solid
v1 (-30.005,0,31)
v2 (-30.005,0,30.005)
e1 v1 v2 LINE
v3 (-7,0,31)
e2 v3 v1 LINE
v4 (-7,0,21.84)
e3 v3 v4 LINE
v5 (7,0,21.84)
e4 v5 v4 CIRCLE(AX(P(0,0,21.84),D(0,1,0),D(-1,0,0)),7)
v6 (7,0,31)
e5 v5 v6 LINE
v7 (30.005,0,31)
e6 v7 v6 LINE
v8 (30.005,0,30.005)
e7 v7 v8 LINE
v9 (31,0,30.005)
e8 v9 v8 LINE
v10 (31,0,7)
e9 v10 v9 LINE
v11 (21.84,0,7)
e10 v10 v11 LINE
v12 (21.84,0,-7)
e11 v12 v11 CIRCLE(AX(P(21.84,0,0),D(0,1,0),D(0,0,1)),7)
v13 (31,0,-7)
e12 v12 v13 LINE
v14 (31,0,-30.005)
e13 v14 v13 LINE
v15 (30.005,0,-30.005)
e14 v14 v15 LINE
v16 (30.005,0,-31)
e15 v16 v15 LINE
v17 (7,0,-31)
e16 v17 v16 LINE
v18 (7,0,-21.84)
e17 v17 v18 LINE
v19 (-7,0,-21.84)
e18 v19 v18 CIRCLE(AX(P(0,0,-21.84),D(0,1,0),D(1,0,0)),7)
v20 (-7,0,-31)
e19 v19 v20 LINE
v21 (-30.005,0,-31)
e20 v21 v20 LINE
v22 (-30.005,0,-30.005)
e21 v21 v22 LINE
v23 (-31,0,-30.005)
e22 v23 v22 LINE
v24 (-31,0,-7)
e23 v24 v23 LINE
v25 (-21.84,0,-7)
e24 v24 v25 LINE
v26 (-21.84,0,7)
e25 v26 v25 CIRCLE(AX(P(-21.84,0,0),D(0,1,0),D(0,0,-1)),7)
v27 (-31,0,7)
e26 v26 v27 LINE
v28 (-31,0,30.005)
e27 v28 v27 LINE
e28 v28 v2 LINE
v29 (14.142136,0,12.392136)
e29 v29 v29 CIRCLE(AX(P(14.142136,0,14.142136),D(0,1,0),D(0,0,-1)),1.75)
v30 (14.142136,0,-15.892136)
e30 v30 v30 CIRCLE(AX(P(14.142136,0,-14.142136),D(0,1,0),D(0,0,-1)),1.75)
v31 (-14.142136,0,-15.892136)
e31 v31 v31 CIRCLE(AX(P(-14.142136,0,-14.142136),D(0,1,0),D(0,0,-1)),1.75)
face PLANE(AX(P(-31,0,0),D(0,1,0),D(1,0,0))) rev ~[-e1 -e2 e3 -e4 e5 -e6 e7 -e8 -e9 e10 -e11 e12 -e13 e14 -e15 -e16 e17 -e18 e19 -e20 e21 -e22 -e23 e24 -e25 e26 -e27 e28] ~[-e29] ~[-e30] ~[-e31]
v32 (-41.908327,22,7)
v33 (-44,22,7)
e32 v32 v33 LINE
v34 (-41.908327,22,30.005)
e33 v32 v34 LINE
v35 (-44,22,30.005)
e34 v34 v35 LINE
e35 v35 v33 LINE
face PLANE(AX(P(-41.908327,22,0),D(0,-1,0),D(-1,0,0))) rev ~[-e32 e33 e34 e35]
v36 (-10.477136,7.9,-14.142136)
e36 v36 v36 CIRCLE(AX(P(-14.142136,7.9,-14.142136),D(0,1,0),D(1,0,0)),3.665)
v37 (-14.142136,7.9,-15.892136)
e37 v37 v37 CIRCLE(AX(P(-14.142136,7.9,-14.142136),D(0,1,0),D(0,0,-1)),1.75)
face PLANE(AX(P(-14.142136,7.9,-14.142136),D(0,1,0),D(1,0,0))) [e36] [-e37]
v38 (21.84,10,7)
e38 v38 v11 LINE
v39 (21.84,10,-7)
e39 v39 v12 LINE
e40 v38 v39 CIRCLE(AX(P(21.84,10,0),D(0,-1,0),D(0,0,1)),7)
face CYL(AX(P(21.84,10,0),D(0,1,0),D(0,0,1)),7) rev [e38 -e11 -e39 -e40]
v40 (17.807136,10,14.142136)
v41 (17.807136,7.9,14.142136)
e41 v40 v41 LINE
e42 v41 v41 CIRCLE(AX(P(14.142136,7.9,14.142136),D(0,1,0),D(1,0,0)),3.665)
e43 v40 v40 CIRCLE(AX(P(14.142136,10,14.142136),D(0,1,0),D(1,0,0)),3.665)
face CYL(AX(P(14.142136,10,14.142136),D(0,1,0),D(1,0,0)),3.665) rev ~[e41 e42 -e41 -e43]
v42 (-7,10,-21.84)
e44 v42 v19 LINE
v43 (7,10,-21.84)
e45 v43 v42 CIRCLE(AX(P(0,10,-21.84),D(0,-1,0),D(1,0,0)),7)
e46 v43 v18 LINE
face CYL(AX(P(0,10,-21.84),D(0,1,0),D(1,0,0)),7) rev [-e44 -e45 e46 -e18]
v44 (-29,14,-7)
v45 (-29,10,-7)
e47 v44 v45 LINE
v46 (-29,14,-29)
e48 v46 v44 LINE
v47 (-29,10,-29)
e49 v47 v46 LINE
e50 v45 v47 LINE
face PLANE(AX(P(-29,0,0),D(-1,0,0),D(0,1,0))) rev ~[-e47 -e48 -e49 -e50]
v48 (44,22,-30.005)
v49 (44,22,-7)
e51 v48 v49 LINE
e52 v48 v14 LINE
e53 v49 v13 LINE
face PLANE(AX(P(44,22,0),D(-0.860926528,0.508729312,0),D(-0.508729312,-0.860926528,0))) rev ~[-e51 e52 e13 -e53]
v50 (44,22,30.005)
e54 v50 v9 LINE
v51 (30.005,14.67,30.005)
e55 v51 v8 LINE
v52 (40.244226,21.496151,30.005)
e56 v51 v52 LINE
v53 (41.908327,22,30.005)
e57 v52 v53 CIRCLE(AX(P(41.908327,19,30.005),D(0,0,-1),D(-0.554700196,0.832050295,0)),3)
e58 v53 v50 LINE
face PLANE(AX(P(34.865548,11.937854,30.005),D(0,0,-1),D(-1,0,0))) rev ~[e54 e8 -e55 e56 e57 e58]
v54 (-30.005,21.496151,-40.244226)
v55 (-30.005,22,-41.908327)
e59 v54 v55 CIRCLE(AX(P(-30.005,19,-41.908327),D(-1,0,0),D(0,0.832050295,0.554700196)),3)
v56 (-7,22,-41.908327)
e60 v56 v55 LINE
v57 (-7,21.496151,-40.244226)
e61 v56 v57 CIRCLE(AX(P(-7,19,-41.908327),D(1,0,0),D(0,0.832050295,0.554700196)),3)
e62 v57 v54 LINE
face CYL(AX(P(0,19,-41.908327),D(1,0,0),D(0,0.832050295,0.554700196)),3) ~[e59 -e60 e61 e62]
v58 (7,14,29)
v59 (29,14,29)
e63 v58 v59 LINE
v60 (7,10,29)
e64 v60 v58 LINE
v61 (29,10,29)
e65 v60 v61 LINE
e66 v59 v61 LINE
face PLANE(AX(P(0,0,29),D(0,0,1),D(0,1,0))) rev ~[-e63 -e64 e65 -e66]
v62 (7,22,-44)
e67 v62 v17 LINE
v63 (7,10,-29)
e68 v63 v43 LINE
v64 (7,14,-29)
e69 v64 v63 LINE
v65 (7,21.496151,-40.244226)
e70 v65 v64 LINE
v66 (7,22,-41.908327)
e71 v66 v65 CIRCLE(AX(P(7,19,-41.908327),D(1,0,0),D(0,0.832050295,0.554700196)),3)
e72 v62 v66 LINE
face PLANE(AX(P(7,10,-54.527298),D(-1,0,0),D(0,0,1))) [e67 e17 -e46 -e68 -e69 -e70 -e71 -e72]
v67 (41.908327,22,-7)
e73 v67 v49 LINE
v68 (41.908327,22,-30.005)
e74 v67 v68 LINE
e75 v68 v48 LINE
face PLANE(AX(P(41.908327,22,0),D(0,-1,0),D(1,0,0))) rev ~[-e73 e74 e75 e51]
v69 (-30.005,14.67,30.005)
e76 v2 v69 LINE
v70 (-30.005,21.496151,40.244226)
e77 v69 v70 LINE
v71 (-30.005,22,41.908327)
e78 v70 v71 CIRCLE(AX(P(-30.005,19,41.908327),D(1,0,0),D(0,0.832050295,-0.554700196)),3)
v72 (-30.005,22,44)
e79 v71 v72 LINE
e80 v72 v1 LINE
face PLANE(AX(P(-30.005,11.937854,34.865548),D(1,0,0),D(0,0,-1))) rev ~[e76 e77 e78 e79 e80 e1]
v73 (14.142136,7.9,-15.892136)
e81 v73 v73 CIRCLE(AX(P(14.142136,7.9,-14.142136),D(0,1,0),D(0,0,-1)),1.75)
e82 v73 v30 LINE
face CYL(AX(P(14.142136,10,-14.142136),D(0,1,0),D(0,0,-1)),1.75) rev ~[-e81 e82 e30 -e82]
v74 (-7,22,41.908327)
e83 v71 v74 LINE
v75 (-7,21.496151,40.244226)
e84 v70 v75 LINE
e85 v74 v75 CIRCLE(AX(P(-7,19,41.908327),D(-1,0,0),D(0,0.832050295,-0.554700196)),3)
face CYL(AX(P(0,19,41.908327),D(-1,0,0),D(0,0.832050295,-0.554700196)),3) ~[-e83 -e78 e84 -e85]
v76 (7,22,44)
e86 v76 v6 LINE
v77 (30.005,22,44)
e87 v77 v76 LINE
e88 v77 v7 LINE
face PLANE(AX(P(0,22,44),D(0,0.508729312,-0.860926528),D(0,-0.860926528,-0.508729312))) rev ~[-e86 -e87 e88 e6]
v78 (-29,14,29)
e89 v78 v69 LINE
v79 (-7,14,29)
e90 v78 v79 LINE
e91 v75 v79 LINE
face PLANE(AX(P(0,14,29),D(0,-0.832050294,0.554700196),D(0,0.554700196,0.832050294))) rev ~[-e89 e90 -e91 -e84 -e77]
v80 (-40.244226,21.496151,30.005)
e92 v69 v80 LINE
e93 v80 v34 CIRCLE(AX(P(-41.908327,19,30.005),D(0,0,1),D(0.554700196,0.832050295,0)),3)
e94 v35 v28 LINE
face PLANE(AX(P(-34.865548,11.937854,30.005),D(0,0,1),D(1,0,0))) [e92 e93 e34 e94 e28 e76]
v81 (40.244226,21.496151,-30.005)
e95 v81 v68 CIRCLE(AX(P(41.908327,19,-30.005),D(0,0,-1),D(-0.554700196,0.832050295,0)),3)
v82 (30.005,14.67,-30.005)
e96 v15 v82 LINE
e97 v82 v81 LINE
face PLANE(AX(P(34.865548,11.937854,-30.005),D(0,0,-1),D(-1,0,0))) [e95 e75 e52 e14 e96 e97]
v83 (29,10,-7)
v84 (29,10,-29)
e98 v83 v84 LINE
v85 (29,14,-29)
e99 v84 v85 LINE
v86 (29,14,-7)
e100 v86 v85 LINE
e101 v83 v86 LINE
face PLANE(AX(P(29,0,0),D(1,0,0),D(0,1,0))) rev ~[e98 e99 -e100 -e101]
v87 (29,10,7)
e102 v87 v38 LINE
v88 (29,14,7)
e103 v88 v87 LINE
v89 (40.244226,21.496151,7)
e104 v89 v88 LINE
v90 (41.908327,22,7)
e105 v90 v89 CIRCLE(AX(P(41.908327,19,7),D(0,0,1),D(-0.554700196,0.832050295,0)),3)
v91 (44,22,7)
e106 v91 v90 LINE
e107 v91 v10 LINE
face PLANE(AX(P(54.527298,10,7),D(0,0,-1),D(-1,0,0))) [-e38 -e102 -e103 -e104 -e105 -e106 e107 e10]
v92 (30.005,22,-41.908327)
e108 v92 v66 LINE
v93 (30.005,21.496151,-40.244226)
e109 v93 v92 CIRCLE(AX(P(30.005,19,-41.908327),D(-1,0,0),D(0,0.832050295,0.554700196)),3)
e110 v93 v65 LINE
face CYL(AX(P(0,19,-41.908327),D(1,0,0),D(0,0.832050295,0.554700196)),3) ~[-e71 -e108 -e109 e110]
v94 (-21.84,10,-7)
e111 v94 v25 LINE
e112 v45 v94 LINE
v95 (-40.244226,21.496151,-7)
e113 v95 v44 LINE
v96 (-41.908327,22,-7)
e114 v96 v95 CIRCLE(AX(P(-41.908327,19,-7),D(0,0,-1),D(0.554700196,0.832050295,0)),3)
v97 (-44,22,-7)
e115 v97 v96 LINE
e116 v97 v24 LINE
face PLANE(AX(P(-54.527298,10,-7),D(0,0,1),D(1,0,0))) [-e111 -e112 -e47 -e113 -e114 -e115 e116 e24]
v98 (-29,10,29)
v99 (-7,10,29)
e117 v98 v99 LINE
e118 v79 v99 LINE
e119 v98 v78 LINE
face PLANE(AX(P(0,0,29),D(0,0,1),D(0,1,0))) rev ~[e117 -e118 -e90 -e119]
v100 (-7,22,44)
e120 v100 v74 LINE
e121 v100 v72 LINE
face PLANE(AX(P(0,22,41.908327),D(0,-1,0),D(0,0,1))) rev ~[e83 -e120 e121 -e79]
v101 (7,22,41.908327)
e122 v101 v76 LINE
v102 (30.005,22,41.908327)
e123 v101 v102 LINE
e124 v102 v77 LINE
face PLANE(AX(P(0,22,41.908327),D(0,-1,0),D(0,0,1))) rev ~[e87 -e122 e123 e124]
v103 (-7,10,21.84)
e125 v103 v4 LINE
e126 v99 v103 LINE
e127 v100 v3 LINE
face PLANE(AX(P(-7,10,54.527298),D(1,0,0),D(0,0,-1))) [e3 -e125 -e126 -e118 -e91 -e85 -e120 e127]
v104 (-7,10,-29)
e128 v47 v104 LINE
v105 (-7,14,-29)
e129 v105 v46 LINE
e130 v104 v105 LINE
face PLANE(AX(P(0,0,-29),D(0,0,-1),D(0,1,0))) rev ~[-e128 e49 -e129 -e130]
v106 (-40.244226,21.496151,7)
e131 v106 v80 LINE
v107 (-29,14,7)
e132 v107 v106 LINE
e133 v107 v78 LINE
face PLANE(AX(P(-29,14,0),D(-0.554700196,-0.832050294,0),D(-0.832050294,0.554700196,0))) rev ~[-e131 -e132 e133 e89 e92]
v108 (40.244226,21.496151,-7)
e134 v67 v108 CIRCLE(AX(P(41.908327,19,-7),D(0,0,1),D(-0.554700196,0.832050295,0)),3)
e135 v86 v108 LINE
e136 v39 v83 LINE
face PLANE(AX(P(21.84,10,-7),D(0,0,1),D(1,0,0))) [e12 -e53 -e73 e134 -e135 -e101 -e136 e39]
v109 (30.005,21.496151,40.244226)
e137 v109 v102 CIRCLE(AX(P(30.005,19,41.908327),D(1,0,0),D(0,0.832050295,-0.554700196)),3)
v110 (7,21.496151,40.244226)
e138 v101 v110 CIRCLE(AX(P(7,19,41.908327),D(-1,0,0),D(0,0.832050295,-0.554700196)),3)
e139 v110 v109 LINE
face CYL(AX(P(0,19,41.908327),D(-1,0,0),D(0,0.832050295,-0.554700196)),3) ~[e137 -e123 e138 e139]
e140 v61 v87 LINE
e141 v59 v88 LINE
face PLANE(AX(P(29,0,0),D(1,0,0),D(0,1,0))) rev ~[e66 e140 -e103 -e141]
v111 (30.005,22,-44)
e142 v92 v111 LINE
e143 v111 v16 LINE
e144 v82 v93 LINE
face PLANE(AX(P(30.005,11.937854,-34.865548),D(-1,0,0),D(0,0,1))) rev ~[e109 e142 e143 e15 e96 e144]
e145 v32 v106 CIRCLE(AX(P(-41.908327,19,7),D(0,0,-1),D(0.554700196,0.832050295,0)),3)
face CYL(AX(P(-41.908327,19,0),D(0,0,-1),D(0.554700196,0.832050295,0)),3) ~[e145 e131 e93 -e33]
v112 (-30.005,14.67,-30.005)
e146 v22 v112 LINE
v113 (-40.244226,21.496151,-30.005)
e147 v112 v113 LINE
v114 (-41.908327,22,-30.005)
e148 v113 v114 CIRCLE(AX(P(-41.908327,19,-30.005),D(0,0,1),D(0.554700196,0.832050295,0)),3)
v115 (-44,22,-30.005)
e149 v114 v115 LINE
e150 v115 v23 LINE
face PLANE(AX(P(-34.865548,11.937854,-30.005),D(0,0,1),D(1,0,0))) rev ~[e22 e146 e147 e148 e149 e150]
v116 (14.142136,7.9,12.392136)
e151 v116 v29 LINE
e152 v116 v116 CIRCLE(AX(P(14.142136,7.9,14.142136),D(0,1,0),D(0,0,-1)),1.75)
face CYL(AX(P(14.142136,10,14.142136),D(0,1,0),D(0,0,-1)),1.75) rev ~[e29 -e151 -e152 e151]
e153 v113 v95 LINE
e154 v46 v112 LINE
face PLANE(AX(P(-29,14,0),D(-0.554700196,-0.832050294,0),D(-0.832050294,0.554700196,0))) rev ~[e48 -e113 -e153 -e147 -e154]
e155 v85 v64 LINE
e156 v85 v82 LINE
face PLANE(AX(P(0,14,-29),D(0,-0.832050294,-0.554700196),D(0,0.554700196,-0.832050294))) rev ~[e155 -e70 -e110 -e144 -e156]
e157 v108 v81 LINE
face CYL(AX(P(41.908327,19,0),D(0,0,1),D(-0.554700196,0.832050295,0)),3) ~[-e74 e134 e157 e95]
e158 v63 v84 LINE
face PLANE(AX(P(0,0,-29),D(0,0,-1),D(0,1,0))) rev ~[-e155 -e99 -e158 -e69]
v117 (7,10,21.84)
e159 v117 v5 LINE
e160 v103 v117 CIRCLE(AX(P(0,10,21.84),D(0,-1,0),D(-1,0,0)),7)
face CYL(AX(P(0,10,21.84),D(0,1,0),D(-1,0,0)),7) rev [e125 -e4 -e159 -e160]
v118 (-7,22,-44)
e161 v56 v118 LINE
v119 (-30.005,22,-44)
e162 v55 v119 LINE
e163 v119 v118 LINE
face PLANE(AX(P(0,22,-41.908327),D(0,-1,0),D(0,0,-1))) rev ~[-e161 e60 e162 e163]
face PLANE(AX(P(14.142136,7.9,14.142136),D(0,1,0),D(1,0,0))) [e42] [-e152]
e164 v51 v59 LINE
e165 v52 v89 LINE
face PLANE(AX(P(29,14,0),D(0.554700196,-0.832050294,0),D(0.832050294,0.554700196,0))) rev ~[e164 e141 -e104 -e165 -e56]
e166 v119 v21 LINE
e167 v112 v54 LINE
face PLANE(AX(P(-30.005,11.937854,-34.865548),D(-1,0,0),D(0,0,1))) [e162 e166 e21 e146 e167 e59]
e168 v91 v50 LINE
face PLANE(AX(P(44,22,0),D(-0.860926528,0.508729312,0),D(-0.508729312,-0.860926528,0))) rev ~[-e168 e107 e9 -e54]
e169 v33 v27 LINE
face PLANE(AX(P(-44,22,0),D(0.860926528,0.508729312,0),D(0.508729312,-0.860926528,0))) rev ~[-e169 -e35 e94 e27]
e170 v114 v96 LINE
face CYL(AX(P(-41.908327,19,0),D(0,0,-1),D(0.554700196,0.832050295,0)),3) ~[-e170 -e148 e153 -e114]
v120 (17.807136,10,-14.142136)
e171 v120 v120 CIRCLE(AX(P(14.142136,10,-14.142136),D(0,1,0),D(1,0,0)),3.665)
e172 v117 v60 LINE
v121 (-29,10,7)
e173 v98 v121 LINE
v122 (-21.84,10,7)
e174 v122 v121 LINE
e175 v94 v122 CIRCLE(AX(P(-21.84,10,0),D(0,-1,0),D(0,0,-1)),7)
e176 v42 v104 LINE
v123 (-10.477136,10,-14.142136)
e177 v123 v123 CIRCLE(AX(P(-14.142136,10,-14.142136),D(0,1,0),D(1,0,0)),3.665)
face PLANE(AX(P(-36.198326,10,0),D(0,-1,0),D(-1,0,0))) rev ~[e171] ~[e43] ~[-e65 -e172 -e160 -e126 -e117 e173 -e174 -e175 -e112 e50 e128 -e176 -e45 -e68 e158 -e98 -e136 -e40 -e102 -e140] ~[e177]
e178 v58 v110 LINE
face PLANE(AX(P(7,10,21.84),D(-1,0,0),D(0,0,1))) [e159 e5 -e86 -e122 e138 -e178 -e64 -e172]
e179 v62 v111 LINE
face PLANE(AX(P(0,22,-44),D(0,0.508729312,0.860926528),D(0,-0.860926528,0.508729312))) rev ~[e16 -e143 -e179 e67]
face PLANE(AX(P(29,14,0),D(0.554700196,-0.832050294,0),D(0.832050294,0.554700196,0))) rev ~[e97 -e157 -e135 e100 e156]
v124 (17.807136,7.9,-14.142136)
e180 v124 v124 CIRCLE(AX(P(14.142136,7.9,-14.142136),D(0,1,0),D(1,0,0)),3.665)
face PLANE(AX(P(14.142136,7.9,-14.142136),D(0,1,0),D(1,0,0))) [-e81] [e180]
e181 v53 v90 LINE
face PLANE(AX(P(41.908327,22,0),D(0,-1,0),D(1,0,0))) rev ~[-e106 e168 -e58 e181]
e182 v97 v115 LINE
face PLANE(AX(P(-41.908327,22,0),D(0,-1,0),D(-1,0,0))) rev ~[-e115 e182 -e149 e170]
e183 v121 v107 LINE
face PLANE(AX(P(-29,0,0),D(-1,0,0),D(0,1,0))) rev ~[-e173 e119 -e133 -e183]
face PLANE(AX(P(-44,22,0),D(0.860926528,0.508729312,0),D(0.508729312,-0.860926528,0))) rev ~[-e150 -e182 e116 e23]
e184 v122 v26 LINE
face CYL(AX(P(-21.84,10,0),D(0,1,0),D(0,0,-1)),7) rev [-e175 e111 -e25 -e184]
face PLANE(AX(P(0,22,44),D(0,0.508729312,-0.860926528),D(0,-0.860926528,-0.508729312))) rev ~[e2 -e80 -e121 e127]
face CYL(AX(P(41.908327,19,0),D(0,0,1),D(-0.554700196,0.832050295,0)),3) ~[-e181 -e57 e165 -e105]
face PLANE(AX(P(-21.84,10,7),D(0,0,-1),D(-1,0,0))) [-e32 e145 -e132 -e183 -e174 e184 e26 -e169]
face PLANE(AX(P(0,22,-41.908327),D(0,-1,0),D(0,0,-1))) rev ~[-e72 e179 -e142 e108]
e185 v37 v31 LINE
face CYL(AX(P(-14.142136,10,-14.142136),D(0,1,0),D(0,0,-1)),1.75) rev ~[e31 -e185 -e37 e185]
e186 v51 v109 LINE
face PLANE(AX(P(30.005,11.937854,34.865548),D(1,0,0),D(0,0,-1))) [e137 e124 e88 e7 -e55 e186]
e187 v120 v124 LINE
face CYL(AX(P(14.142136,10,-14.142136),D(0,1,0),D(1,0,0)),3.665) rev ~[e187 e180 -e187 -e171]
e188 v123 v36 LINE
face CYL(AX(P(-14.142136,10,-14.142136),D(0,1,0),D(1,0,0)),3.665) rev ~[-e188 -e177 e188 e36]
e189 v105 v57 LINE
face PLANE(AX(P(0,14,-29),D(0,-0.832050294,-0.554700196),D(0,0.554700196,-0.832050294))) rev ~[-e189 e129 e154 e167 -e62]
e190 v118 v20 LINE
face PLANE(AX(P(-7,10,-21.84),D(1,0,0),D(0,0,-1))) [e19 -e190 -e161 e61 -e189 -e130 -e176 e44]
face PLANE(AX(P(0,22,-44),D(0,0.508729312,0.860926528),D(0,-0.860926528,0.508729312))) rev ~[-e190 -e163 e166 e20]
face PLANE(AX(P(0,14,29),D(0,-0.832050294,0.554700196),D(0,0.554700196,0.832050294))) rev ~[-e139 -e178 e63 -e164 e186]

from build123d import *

# Parameters (mm, degrees)
SKETCH1_W               = 58
SKETCH1_H               = 58
BOSS_EXTRUDE1_DEPTH     = 10
BOSS_EXTRUDE3_DEPTH     = 30.005
CIRPATTERN7_COUNT       = 4
CUT_EXTRUDE1_DEPTH      = 13
CUT_EXTRUDE1_DEPTH_BACK = 11
SKETCH8_R               = 1.75
CUT_EXTRUDE2_DEPTH      = 20
SKETCH9_R               = 3.665
CUT_EXTRUDE3_DEPTH      = 2.1


with BuildPart() as part:
    # Sketch1 → Boss-Extrude1 (new body)
    with BuildSketch(Plane(origin=(0, 0, 0), x_dir=(1, 0, 0), z_dir=(0, 1, 0))):
        Rectangle(SKETCH1_W, SKETCH1_H)
    extrude(amount=BOSS_EXTRUDE1_DEPTH)

    # Sketch2 → Boss-Extrude3 (add, symmetric)
    with BuildSketch(Plane.XY):
        with BuildLine():
            Line((29, 0), (29, 14))
            Line((29, 14), (40.244226325, 21.496150883))
            ThreePointArc((40.244226325, 21.496150883), (41.038974467, 21.871276079), (41.908326913, 22))
            Line((41.908326913, 22), (44, 22))
            Line((44, 22), (31, 0))
            Line((31, 0), (29, 0))
        make_face()
    boss_extrude3 = extrude(amount=BOSS_EXTRUDE3_DEPTH, both=True)

    # CirPattern7: Boss-Extrude3 ×4 about axis
    cirpattern7_axis = Axis((0, 0, 0), (0, 1, 0))
    for i in range(1, CIRPATTERN7_COUNT):
        add(boss_extrude3.rotate(cirpattern7_axis, i * 360 / CIRPATTERN7_COUNT))

    # Sketch7 → Cut-Extrude1 (cut, two sides)
    with BuildSketch(Plane(origin=(0, 10, 0), x_dir=(1, 0, 0), z_dir=(0, 1, 0))) as cut_extrude1_sk:
        with BuildLine():
            Line((21.84, 7), (54.527297937, 7))
            Line((54.527297937, 7), (54.527297937, -7))
            Line((54.527297937, -7), (21.84, -7))
            ThreePointArc((21.84, -7), (14.84, 0), (21.84, 7))
        make_face()
        with BuildLine():
            Line((7, -21.84), (7, -54.527297937))
            Line((7, -54.527297937), (-7, -54.527297937))
            Line((-7, -54.527297937), (-7, -21.84))
            ThreePointArc((-7, -21.84), (0, -14.84), (7, -21.84))
        make_face()
        with BuildLine():
            Line((-21.84, -7), (-54.527297937, -7))
            Line((-54.527297937, -7), (-54.527297937, 7))
            Line((-54.527297937, 7), (-21.84, 7))
            ThreePointArc((-21.84, 7), (-14.84, 0), (-21.84, -7))
        make_face()
        with BuildLine():
            Line((-7, 21.84), (-7, 54.527297937))
            Line((-7, 54.527297937), (7, 54.527297937))
            Line((7, 54.527297937), (7, 21.84))
            ThreePointArc((7, 21.84), (0, 14.84), (-7, 21.84))
        make_face()
    extrude(amount=CUT_EXTRUDE1_DEPTH, mode=Mode.SUBTRACT)
    extrude(cut_extrude1_sk.sketch, amount=-CUT_EXTRUDE1_DEPTH_BACK, mode=Mode.SUBTRACT)

    # Sketch8 → Cut-Extrude2 (cut)
    with BuildSketch(Plane(origin=(-225.294025085, 10, 60.777514946), x_dir=(0, 0, -1), z_dir=(0, 1, 0))):
        with Locations((74.91965057, -211.151889461)):
            Circle(SKETCH8_R)
        with Locations((74.91965057, -239.436160708)):
            Circle(SKETCH8_R)
        with Locations((46.635379323, -239.436160708)):
            Circle(SKETCH8_R)
    extrude(amount=-CUT_EXTRUDE2_DEPTH, mode=Mode.SUBTRACT)

    # Sketch9 → Cut-Extrude3 (cut)
    with BuildSketch(Plane(origin=(0, 10, 0), x_dir=(1, 0, 0), z_dir=(0, 1, 0))):
        with Locations((-14.142135624, 14.142135624)):
            Circle(SKETCH9_R)
        with Locations((14.142135624, -14.142135624)):
            Circle(SKETCH9_R)
        with Locations((14.142135624, 14.142135624)):
            Circle(SKETCH9_R)
    extrude(amount=-CUT_EXTRUDE3_DEPTH, mode=Mode.SUBTRACT)


solid = part.part
